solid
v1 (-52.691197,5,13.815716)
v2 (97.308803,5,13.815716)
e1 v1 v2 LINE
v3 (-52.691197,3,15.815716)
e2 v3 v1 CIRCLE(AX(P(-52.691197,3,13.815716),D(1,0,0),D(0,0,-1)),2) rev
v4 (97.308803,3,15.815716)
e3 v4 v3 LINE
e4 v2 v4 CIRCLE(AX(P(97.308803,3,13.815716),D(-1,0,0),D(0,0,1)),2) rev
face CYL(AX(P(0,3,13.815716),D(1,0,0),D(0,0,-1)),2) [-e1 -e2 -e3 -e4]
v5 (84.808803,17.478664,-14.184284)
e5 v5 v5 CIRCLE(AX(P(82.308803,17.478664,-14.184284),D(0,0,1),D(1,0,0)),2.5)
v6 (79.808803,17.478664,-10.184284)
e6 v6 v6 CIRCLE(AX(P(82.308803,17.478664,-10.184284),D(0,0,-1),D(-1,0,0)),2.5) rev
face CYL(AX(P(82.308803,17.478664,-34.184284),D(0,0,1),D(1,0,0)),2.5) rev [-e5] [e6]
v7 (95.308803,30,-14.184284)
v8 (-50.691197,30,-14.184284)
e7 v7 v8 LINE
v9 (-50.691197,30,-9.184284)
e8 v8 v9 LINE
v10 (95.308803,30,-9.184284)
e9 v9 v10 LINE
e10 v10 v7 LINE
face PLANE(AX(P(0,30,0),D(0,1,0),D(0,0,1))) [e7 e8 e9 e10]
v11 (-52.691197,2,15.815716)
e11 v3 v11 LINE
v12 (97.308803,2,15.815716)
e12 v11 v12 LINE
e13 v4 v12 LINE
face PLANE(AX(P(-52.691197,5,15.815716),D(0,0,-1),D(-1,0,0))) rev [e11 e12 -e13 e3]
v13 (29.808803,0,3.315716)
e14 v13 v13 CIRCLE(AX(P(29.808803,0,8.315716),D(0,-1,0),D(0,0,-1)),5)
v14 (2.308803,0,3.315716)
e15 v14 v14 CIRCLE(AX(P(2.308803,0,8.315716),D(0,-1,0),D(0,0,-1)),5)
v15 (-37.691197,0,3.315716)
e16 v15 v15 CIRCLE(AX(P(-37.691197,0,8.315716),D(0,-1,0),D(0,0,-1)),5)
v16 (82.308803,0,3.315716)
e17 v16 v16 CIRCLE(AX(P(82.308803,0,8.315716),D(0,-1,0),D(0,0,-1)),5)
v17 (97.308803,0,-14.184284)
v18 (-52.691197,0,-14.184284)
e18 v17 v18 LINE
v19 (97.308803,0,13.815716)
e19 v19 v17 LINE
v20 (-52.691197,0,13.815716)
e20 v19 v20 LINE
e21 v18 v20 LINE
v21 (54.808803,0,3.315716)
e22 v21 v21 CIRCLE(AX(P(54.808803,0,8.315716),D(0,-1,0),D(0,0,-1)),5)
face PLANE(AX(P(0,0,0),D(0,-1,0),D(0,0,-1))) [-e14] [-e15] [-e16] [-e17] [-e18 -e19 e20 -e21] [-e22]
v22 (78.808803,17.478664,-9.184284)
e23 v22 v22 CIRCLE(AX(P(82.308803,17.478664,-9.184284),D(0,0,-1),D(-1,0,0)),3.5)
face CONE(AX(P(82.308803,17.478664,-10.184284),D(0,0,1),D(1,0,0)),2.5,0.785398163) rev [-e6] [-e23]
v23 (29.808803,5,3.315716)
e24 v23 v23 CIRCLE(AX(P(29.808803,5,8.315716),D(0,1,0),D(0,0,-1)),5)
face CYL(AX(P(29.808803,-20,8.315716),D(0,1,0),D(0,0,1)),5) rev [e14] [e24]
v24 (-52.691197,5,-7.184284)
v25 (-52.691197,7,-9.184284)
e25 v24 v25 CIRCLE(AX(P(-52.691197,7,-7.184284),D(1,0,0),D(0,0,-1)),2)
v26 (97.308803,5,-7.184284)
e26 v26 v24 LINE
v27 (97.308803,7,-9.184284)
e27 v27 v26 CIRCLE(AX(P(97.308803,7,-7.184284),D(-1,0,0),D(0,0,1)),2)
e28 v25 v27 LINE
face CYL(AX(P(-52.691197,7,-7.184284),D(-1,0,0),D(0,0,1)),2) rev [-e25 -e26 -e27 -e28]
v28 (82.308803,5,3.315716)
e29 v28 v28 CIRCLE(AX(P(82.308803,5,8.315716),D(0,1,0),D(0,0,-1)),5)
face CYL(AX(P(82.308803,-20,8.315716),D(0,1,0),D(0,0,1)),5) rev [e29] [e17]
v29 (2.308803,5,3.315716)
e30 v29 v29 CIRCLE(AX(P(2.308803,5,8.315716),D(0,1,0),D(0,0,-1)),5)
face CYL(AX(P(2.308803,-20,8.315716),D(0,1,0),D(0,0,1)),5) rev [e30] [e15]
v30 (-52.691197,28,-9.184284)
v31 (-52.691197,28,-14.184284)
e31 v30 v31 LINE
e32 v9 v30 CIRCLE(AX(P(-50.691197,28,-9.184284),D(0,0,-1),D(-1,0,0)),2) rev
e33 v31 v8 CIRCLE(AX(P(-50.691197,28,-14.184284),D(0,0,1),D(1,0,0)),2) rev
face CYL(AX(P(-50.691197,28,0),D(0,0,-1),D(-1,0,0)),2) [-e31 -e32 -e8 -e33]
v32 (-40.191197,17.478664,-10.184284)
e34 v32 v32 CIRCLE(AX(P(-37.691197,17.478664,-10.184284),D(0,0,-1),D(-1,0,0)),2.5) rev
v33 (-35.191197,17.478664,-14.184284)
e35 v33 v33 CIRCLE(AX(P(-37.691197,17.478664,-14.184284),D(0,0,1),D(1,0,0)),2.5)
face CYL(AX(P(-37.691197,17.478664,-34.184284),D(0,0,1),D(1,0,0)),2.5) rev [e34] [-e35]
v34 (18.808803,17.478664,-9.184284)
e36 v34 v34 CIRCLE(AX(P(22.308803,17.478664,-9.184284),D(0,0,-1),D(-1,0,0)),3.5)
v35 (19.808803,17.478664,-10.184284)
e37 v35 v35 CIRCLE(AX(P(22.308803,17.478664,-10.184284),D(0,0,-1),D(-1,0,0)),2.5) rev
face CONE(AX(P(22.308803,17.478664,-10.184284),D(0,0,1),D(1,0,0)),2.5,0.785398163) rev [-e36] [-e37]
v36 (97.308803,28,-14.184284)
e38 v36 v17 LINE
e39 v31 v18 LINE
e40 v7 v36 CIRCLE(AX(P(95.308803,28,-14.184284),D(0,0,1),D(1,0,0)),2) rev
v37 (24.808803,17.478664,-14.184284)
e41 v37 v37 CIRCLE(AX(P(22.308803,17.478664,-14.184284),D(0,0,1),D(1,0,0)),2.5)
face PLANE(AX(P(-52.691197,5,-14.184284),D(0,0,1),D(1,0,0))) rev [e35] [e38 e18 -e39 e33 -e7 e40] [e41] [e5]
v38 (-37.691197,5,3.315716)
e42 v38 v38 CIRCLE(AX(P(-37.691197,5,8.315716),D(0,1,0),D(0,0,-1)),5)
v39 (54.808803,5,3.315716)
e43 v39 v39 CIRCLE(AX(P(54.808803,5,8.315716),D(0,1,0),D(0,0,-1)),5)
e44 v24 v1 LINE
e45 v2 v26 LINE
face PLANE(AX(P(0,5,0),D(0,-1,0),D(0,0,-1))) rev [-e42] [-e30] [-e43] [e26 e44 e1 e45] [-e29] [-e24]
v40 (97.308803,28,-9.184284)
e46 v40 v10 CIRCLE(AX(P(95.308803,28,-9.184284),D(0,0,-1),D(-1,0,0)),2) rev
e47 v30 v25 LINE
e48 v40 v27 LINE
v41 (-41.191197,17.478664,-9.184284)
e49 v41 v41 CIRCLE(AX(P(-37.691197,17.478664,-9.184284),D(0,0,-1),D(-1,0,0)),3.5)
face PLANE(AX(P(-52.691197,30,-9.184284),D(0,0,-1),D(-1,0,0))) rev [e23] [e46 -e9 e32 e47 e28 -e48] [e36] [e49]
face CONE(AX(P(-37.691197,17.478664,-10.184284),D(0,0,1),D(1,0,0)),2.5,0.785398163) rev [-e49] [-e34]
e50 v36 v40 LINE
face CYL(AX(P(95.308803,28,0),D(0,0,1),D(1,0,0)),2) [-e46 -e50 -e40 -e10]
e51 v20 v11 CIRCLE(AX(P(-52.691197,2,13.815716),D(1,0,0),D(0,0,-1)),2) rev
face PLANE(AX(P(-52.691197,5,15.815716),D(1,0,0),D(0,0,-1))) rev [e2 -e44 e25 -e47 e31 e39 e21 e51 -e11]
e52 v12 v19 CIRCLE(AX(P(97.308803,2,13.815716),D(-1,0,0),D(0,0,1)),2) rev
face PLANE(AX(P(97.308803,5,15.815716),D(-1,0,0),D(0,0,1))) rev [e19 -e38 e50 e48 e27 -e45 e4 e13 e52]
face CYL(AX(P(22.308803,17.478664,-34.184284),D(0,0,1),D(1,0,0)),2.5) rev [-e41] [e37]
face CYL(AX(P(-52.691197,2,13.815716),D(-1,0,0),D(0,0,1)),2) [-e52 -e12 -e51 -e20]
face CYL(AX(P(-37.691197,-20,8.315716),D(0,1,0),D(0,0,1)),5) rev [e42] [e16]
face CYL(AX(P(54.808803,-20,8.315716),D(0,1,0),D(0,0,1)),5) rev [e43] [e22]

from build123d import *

# Parameters (mm, degrees)
SKETCH1_W           = 150
SKETCH1_H           = 30
BOSS_EXTRUDE1_DEPTH = 5
SKETCH3_W           = 150
SKETCH3_H           = 5
BOSS_EXTRUDE2_DEPTH = 25
SKETCH6_R           = 5
CUT_EXTRUDE2_DEPTH  = 25
SKETCH7_R           = 2.5
CUT_EXTRUDE3_DEPTH  = 25
CHAMFER1_SIZE       = 1
FILLET2_R           = 2


with BuildPart() as part:
    # Sketch1 → Boss-Extrude1 (new body)
    with BuildSketch(Plane(origin=(0, 0, 0), x_dir=(1, 0, 0), z_dir=(0, 1, 0))):
        with Locations((22.308802864, -0.815715524)):
            Rectangle(SKETCH1_W, SKETCH1_H)
    extrude(amount=BOSS_EXTRUDE1_DEPTH)

    # Sketch3 → Boss-Extrude2 (add)
    with BuildSketch(Plane(origin=(0, 5, 0), x_dir=(1, 0, 0), z_dir=(0, 1, 0))):
        with Locations((22.308802864, 11.684284476)):
            Rectangle(SKETCH3_W, SKETCH3_H)
    extrude(amount=BOSS_EXTRUDE2_DEPTH)

    # Sketch6 → Cut-Extrude2 (cut)
    with BuildSketch(Plane(origin=(0, 5, 0), x_dir=(1, 0, 0), z_dir=(0, 1, 0))):
        with Locations(Location((82.308802864, -8.315715524, 0), (0, 0, 90))):
            Circle(SKETCH6_R)
        with Locations(Location((54.808802864, -8.315715524, 0), (0, 0, 90))):
            Circle(SKETCH6_R)
        with Locations(Location((29.808802864, -8.315715524, 0), (0, 0, 90))):
            Circle(SKETCH6_R)
        with Locations(Location((2.308802864, -8.315715524, 0), (0, 0, 90))):
            Circle(SKETCH6_R)
        with Locations(Location((-37.691197136, -8.315715524, 0), (0, 0, 90))):
            Circle(SKETCH6_R)
    extrude(amount=-CUT_EXTRUDE2_DEPTH, mode=Mode.SUBTRACT)

    # Sketch7 → Cut-Extrude3 (cut)
    with BuildSketch(Plane.XY.offset(-9.184284476)):
        with Locations((82.308802864, 17.478664245)):
            Circle(SKETCH7_R)
        with Locations((-37.691197136, 17.478664245)):
            Circle(SKETCH7_R)
        with Locations((22.308802864, 17.478664245)):
            Circle(SKETCH7_R)
    extrude(amount=-CUT_EXTRUDE3_DEPTH, mode=Mode.SUBTRACT)

    # Chamfer1
    chamfer1_edges = [part.edges().sort_by_distance(p)[0] for p in [
        (79.808802864, 17.478664245, -9.184284476),
        (-40.191197136, 17.478664245, -9.184284476),
        (19.808802864, 17.478664245, -9.184284476),
    ]]
    chamfer(chamfer1_edges, length=CHAMFER1_SIZE)

    # Fillet2
    fillet2_edges = [part.edges().sort_by_distance(p)[0] for p in [
        (22.308802864, 5, 15.815715524),
        (22.308802864, 0, 15.815715524),
        (22.308802864, 5, -9.184284476),
        (-52.691197136, 30, -11.684284476),
        (97.308802864, 30, -11.684284476),
    ]]
    fillet(fillet2_edges, radius=FILLET2_R)


solid = part.part
